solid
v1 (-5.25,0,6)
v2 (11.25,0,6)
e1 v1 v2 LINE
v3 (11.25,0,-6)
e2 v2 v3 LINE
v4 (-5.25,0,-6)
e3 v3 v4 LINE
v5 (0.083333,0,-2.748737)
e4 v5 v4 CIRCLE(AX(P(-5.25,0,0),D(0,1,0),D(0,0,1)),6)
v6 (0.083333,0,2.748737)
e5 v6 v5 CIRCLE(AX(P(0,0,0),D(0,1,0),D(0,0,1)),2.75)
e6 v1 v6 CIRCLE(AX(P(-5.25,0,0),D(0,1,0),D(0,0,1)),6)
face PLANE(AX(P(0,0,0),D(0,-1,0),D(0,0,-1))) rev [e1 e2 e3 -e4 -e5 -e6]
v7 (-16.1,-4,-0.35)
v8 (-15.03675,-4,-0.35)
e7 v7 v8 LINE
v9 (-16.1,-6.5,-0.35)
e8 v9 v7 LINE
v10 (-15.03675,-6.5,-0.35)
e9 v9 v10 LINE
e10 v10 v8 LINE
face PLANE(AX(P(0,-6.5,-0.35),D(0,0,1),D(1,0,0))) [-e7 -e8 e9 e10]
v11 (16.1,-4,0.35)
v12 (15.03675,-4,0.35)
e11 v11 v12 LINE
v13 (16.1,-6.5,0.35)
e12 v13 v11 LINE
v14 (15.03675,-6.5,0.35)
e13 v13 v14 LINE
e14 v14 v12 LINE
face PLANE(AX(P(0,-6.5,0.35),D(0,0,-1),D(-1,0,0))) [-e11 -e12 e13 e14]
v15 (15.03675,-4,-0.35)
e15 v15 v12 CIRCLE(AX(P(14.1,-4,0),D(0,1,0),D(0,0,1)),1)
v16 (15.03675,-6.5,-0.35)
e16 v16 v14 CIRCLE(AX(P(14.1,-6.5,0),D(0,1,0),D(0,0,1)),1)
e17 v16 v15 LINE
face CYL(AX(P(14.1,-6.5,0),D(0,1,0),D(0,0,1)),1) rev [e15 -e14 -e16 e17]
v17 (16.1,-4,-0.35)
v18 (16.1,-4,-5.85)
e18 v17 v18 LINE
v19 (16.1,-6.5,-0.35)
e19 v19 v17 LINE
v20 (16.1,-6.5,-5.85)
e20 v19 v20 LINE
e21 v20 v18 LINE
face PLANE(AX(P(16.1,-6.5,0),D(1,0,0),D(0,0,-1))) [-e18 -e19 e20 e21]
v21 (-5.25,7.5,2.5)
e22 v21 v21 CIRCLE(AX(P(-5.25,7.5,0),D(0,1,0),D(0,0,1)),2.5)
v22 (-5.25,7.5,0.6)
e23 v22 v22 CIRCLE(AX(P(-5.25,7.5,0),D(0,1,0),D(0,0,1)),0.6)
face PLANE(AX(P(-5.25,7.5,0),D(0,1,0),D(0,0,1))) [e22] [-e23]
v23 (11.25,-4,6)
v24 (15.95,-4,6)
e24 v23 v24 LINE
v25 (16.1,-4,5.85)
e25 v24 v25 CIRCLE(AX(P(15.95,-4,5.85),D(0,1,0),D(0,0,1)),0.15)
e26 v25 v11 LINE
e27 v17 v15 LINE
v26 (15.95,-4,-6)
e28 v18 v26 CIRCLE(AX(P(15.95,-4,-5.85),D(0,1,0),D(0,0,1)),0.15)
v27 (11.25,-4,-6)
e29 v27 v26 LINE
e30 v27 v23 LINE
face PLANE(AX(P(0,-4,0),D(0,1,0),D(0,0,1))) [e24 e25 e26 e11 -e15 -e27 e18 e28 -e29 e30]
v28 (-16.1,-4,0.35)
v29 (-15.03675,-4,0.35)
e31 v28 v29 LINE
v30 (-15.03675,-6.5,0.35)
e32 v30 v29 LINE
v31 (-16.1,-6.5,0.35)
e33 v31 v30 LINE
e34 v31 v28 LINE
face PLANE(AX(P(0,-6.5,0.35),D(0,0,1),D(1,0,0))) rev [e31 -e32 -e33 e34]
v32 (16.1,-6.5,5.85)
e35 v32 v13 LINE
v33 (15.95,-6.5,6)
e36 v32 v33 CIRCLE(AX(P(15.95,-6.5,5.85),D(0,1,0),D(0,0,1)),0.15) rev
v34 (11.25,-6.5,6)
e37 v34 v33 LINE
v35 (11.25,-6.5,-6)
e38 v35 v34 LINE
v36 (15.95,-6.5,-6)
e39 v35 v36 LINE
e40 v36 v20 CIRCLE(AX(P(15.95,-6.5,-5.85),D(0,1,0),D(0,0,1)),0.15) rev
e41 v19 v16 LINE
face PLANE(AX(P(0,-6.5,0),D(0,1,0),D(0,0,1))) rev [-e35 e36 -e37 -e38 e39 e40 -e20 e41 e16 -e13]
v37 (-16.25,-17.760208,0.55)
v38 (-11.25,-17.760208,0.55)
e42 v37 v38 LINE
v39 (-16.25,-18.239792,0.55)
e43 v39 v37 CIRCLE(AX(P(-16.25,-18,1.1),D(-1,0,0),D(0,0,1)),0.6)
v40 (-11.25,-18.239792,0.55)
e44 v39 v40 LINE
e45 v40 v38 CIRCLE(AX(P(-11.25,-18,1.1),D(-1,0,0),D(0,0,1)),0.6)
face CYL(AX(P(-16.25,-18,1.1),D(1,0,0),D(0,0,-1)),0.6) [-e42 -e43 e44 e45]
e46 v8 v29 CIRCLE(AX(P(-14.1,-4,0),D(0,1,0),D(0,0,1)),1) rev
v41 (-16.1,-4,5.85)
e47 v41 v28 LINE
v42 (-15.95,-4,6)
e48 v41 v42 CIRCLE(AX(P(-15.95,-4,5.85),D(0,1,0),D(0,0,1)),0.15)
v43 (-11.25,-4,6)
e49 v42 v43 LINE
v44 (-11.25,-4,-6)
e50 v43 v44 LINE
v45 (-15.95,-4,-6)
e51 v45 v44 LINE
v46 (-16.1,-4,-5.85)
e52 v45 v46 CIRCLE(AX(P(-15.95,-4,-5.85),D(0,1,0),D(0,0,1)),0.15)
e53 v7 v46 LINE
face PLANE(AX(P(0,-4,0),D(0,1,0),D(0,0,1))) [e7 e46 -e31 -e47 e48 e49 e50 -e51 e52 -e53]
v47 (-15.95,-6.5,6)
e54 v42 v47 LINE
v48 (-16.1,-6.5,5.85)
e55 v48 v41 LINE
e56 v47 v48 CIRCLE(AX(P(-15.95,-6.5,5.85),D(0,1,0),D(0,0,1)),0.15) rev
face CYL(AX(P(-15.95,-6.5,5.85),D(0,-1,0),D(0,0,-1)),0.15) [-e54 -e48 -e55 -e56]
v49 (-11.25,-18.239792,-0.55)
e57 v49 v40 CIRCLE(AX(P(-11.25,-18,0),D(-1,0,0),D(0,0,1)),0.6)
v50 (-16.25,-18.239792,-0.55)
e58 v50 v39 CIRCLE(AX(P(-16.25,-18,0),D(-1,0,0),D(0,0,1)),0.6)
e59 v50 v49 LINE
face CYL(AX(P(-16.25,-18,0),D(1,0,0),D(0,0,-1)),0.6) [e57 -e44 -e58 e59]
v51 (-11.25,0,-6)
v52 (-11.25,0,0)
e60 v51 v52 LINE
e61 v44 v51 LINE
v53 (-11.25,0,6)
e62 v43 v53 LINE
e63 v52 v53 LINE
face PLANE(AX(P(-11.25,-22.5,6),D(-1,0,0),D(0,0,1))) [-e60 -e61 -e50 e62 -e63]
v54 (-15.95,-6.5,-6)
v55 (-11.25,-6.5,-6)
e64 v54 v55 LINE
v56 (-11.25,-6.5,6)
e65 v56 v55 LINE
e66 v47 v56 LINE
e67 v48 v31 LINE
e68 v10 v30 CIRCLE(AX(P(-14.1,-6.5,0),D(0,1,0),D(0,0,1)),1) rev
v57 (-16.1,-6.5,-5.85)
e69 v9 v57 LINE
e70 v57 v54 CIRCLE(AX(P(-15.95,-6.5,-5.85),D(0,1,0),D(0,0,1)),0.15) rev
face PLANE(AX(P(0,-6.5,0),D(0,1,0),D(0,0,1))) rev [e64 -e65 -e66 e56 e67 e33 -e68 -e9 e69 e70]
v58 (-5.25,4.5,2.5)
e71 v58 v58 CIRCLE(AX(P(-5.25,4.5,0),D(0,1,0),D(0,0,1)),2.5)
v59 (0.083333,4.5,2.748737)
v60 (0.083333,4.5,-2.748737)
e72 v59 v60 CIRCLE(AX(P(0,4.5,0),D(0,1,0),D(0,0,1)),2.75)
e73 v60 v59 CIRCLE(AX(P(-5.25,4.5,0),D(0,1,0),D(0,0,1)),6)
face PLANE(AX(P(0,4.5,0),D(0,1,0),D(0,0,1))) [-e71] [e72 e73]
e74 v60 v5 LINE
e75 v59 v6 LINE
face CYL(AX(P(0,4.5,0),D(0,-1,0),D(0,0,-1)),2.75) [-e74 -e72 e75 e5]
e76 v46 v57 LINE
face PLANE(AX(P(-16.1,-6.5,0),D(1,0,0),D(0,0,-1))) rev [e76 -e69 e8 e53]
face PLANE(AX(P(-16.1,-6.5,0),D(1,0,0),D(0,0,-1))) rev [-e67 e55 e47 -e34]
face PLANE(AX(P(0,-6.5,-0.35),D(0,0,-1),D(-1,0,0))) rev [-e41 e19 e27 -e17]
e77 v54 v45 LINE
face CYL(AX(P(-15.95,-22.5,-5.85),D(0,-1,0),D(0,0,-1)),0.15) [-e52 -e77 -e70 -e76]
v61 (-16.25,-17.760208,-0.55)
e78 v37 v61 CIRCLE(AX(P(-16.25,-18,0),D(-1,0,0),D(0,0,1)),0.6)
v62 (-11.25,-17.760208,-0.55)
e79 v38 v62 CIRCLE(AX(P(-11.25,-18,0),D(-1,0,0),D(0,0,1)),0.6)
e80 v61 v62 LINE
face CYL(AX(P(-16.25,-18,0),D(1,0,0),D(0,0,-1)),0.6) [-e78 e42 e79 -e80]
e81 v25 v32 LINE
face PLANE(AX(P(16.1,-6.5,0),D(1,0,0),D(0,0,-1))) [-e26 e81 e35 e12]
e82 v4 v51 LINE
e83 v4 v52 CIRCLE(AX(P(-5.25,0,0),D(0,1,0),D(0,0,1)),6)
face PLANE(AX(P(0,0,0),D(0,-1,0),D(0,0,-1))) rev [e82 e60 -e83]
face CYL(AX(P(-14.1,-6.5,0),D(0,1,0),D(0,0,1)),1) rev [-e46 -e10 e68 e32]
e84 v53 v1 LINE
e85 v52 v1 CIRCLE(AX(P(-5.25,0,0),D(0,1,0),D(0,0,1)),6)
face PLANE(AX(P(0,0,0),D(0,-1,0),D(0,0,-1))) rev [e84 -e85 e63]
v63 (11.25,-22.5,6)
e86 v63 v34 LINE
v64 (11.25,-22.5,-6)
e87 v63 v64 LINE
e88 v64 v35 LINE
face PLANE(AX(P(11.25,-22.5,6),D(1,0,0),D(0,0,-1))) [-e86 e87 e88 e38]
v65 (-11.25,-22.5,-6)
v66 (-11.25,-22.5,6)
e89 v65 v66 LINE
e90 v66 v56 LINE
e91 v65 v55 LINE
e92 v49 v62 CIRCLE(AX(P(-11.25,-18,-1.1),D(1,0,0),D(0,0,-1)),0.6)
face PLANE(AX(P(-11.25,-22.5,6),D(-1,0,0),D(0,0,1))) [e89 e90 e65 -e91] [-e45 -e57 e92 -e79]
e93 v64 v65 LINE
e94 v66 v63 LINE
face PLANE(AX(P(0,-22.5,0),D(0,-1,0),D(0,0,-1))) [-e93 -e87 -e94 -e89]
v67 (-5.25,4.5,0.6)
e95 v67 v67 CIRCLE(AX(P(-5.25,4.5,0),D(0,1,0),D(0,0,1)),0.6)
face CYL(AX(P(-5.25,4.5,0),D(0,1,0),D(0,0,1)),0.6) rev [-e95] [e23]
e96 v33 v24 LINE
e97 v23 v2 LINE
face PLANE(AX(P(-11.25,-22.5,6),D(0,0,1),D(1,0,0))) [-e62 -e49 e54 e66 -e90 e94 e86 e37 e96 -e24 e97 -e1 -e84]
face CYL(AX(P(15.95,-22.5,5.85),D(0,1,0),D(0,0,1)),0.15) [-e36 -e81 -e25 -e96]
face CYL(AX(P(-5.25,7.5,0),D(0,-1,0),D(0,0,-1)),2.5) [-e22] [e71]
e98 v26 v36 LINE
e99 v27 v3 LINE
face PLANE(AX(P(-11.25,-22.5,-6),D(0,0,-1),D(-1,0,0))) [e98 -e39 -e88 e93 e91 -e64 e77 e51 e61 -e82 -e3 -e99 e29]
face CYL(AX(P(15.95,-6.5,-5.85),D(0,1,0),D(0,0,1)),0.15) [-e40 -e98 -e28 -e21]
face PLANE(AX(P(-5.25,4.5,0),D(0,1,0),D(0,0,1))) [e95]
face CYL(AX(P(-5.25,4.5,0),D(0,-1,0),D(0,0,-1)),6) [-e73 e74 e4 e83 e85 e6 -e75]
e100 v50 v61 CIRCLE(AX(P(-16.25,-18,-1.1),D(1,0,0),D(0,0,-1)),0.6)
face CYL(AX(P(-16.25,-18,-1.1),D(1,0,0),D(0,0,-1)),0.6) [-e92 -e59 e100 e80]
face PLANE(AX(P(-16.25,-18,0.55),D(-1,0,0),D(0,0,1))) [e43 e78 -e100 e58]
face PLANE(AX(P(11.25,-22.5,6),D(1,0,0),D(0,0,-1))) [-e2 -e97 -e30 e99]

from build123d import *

# Parameters (mm, degrees)
SKETCH_2_W          = 22.5
SKETCH_2_H          = 12
EXTRUDE_1_DEPTH     = 22.5
SKETCH_3_R          = 2.75
SKETCH_3_R_2        = 6
EXTRUDE_2_DEPTH     = 4.5
SKETCH_4_R          = 2.5
EXTRUDE_3_DEPTH     = 3
SKETCH_5_R          = 0.6
CUT_EXTRUDE_1_DEPTH = 3
EXTRUDE_4_DEPTH     = 2.5
FILLET_1_R          = 0.15
EXTRUDE_5_DEPTH     = 5


with BuildPart() as part:
    # ｽｹｯﾁ2 → ﾎﾞｽ - 押し出し1 (new body)
    with BuildSketch(Plane(origin=(0, 0, 0), x_dir=(1, 0, 0), z_dir=(0, 1, 0))):
        Rectangle(SKETCH_2_W, SKETCH_2_H)
    extrude(amount=-EXTRUDE_1_DEPTH)

    # ｽｹｯﾁ3 → ﾎﾞｽ - 押し出し2 (add)
    with BuildSketch(Plane(origin=(0, 0, 0), x_dir=(1, 0, 0), z_dir=(0, 1, 0))):
        Circle(SKETCH_3_R)
        with Locations((-5.25, 0)):
            Circle(SKETCH_3_R_2)
    extrude(amount=EXTRUDE_2_DEPTH)

    # ｽｹｯﾁ4 → ﾎﾞｽ - 押し出し3 (add)
    with BuildSketch(Plane(origin=(0, 4.5, 0), x_dir=(1, 0, 0), z_dir=(0, 1, 0))):
        with Locations(Location((-5.25, 0, 0), (0, 0, 270))):
            Circle(SKETCH_4_R)
    extrude(amount=EXTRUDE_3_DEPTH)

    # ｽｹｯﾁ5 → ｶｯﾄ - 押し出し1 (cut)
    with BuildSketch(Plane(origin=(0, 7.5, 0), x_dir=(1, 0, 0), z_dir=(0, 1, 0))):
        with Locations(Location((-5.25, 0, 0), (0, 0, 270))):
            Circle(SKETCH_5_R)
    extrude(amount=-CUT_EXTRUDE_1_DEPTH, mode=Mode.SUBTRACT)

    # ｽｹｯﾁ6 → ﾎﾞｽ - 押し出し4 (add)
    with BuildSketch(Plane(origin=(0, -4, 0), x_dir=(1, 0, 0), z_dir=(0, 1, 0))):
        with BuildLine():
            Line((-16.1, -0.35), (-16.1, -6))
            Line((-16.1, -6), (16.1, -6))
            Line((16.1, -6), (16.1, -0.35))
            Line((16.1, -0.35), (15.0367497, -0.35))
            ThreePointArc((15.0367497, -0.35), (13.1, 0), (15.0367497, 0.35))
            Line((15.0367497, 0.35), (16.1, 0.35))
            Line((16.1, 0.35), (16.1, 6))
            Line((16.1, 6), (-16.1, 6))
            Line((-16.1, 6), (-16.1, 0.35))
            Line((-16.1, 0.35), (-15.0367497, 0.35))
            ThreePointArc((-15.0367497, 0.35), (-13.1, 0), (-15.0367497, -0.35))
            Line((-15.0367497, -0.35), (-16.1, -0.35))
        make_face()
    extrude(amount=-EXTRUDE_4_DEPTH)

    # ﾌｨﾚｯﾄ1
    fillet_1_edges = [part.edges().sort_by_distance(p)[0] for p in [
        (16.1, -5.25, 6),
        (-16.1, -5.25, -6),
        (16.1, -5.25, -6),
        (-16.1, -5.25, 6),
    ]]
    fillet(fillet_1_edges, radius=FILLET_1_R)

    # ｽｹｯﾁ7 → ﾎﾞｽ - 押し出し5 (add)
    with BuildSketch(Plane.ZY.offset(11.25)):
        with BuildLine():
            ThreePointArc((-0.55, -18.239791576), (0, -18.6), (0.55, -18.239791576))
            ThreePointArc((0.55, -18.239791576), (1.7, -18), (0.55, -17.760208424))
            ThreePointArc((0.55, -17.760208424), (0, -17.4), (-0.55, -17.760208424))
            ThreePointArc((-0.55, -17.760208424), (-1.7, -18), (-0.55, -18.239791576))
        make_face()
    extrude(amount=EXTRUDE_5_DEPTH)


solid = part.part
